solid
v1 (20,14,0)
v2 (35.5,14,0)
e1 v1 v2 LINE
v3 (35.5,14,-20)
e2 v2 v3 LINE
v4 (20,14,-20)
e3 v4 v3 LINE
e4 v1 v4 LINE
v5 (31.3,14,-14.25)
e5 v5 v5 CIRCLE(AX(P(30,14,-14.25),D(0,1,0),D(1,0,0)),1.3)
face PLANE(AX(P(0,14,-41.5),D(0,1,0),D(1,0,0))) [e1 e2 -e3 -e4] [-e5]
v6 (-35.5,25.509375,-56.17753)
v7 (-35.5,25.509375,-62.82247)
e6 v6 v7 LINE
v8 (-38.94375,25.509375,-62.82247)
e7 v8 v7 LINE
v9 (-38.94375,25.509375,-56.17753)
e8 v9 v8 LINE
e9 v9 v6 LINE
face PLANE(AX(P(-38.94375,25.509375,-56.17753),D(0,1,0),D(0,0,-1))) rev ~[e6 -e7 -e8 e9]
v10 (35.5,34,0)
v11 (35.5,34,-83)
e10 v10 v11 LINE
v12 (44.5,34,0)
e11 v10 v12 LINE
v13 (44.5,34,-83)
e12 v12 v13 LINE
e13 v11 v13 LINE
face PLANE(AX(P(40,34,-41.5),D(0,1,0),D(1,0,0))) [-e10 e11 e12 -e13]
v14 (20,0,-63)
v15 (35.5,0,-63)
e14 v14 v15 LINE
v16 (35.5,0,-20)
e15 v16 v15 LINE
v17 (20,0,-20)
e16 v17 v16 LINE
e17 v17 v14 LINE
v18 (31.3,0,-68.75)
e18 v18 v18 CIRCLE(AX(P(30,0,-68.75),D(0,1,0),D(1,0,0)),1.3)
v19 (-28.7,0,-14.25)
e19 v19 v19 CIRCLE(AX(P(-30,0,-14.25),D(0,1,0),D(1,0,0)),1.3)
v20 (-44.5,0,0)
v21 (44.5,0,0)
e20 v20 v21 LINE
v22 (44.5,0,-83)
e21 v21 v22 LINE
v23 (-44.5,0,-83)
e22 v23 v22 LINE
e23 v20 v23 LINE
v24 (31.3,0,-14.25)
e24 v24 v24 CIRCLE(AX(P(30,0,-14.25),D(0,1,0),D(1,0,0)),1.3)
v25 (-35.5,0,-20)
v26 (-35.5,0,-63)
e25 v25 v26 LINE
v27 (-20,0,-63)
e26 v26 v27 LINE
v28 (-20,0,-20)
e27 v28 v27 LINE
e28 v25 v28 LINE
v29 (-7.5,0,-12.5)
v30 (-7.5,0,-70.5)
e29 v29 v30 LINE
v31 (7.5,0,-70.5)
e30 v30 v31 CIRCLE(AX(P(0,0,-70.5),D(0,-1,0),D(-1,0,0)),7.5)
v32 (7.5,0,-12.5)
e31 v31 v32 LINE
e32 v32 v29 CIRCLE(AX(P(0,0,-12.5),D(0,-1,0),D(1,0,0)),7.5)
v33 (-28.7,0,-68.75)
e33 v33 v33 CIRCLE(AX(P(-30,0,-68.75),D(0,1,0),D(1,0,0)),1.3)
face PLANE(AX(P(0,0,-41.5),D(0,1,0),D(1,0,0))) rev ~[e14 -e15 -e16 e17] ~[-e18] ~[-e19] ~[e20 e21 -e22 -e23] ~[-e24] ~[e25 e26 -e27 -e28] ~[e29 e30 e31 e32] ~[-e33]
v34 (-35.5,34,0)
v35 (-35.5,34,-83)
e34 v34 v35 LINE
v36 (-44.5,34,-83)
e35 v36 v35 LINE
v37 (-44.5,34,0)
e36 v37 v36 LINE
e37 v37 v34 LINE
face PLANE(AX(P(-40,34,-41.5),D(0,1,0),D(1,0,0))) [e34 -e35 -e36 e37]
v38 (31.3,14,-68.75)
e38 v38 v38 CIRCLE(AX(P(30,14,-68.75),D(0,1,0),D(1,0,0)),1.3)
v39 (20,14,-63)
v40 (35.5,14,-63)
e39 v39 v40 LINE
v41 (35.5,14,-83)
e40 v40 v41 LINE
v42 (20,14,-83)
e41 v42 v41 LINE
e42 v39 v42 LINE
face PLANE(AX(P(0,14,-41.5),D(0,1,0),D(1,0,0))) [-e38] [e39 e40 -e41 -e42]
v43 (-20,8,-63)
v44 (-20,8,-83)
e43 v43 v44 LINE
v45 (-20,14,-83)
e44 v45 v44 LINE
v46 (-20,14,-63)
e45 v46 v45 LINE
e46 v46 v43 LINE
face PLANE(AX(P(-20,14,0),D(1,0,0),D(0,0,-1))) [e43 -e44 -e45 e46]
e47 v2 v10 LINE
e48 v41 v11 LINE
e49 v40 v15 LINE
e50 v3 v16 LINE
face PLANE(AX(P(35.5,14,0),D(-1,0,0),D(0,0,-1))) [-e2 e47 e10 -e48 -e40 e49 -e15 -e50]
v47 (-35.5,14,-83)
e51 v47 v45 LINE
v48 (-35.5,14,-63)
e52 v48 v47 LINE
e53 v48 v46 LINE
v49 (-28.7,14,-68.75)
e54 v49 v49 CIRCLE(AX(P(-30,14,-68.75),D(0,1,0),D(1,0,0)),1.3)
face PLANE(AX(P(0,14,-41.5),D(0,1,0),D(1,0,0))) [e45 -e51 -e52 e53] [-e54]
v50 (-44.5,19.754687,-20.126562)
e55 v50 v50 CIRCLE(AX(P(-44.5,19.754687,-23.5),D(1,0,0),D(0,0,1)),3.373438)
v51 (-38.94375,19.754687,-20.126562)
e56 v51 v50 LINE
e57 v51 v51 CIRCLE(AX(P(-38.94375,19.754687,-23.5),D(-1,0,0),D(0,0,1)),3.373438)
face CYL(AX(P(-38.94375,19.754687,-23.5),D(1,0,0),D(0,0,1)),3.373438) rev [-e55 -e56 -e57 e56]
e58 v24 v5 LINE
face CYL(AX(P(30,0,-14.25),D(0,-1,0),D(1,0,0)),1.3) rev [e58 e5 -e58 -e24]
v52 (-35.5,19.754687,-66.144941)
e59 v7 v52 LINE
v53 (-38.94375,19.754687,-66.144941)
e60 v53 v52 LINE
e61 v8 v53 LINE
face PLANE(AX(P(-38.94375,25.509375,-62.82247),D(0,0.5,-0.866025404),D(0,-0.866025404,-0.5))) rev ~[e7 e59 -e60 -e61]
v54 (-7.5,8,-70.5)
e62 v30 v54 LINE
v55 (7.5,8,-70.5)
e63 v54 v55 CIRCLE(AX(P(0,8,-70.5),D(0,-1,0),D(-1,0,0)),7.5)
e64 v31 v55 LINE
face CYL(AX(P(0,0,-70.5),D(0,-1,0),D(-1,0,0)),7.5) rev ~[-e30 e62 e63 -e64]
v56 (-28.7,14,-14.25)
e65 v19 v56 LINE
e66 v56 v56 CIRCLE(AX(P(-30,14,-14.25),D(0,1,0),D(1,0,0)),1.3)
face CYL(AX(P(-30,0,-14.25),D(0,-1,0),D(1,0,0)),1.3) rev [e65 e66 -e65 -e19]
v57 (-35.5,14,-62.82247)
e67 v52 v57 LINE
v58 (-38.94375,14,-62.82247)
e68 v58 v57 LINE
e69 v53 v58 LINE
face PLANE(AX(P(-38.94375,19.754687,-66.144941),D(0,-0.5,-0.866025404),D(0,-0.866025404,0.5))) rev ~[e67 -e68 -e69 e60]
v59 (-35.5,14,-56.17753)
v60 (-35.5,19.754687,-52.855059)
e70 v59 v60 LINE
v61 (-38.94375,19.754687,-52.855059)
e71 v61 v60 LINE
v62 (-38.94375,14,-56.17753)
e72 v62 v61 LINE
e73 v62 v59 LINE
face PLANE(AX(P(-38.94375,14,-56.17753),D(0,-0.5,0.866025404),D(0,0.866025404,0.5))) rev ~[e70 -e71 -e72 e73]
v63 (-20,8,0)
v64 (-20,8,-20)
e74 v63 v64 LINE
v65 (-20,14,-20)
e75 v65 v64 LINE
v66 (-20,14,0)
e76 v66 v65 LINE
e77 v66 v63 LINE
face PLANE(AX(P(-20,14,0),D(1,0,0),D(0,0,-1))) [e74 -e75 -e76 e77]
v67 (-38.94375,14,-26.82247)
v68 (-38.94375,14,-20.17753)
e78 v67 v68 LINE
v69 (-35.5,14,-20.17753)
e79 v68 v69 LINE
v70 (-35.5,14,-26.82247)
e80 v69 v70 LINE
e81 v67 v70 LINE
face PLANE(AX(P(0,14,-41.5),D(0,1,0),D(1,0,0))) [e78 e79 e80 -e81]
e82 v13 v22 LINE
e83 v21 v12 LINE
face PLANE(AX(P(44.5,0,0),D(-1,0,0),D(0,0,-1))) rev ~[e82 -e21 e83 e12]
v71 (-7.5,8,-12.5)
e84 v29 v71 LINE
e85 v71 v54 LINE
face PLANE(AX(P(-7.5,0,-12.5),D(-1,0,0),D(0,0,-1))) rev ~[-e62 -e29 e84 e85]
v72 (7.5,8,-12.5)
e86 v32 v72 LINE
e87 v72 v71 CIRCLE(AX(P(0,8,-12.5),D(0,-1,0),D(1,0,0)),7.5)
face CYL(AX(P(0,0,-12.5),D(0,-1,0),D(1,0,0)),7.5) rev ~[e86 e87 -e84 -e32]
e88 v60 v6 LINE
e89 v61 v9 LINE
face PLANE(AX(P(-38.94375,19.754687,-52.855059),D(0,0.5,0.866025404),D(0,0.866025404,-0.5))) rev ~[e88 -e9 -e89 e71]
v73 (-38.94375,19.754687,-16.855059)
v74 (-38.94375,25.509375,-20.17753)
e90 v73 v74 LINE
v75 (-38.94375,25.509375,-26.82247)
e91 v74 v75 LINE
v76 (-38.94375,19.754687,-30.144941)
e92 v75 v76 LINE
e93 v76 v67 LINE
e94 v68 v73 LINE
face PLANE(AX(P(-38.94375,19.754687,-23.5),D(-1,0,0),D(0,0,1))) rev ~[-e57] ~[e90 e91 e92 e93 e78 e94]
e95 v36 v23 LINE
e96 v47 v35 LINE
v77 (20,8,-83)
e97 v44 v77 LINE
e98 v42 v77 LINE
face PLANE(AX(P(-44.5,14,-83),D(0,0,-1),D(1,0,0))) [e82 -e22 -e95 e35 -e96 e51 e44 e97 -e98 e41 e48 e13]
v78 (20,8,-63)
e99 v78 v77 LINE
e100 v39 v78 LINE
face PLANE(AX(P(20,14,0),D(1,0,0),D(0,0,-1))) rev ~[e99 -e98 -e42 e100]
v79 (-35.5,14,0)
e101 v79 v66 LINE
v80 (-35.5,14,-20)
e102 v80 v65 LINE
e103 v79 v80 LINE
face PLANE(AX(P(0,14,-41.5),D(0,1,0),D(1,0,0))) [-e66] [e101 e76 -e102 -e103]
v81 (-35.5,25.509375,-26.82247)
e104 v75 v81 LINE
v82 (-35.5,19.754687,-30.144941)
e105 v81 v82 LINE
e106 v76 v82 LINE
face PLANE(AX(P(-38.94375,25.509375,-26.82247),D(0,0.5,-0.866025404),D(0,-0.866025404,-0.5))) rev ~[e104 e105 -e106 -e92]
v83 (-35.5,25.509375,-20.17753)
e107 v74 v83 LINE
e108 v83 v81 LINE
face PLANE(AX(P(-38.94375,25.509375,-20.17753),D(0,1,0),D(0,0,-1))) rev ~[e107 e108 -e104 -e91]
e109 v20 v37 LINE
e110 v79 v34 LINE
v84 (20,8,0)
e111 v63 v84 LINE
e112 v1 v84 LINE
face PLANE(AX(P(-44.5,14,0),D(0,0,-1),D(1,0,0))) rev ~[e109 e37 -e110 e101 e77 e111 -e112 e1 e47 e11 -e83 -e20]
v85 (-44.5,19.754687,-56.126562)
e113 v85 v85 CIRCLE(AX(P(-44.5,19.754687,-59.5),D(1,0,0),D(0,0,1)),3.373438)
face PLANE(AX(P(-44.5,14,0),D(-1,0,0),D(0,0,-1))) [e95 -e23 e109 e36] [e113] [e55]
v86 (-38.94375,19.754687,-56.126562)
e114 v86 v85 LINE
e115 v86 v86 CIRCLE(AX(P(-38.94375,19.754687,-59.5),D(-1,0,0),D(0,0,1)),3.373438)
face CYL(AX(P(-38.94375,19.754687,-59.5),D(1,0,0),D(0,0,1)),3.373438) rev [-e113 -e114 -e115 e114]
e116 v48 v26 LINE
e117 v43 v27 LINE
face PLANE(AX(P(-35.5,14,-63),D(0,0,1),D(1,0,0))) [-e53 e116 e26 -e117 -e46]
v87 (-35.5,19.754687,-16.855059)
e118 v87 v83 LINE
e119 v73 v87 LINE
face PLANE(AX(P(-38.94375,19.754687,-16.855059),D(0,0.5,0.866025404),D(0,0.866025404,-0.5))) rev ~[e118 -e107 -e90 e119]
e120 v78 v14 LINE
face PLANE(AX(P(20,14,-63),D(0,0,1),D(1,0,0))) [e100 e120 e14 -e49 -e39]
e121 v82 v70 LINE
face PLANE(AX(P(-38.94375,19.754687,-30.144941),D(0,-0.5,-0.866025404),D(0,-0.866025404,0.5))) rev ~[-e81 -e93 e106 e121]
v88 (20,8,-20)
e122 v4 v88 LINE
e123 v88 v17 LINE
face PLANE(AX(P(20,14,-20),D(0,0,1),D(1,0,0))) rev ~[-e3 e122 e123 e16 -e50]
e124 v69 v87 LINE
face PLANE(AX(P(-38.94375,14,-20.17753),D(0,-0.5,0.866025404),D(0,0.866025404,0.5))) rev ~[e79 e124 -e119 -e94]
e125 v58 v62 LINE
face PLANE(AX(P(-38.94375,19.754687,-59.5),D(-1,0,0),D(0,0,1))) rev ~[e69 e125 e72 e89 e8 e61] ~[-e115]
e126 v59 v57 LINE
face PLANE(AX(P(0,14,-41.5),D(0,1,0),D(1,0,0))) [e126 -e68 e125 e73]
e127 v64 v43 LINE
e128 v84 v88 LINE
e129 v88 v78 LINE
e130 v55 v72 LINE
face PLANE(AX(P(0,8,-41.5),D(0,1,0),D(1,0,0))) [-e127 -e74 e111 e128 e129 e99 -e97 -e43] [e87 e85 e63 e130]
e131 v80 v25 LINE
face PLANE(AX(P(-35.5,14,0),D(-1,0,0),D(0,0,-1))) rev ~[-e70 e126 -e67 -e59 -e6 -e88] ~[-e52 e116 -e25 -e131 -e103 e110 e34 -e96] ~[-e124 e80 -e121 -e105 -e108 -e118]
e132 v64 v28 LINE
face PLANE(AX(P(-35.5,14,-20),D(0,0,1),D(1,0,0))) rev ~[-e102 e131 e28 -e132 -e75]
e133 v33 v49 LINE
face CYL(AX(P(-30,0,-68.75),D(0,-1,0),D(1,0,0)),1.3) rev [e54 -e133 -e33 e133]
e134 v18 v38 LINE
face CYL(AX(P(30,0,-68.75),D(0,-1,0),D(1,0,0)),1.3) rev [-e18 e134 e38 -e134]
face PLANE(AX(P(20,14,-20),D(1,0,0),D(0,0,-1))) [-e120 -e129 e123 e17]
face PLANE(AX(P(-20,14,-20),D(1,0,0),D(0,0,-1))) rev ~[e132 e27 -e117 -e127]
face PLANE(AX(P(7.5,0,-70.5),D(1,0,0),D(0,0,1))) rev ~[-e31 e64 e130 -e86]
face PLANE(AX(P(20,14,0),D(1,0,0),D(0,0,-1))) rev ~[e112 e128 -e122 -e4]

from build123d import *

# Parameters (mm, degrees)
SKETCH1_W                = 89
SKETCH1_H                = 83
SKETCH1_R                = 1.3
MAIN_BODY_DEPTH          = 14
SKETCH2_W                = 40
SKETCH2_H                = 83
SCREW_GROOVE_DEPTH       = 6
SKETCH4_W                = 9
SKETCH4_H                = 83
MOUNT_LIFT_DEPTH         = 20
MOUNT_START              = -5.55625
MOUNT_NUTS_DEPTH         = 18.94375
F_9_32_MOUNT_HOLES_REACH = 7.556
SKETCH5_R                = 3.3734375
SKETCH8_W                = 15.5
SKETCH8_H                = 43
MIDDLE_CUT_DEPTH         = 14


with BuildPart() as part:
    # Sketch1 → Main Body (new body)
    with BuildSketch(Plane(origin=(0, 0, 0), x_dir=(1, 0, 0), z_dir=(0, 1, 0))):
        with Locations((0, 41.5)):
            Rectangle(SKETCH1_W, SKETCH1_H)
        with Locations((-30, 14.25)):
            Circle(SKETCH1_R, mode=Mode.SUBTRACT)
        with Locations((30, 14.25)):
            Circle(SKETCH1_R, mode=Mode.SUBTRACT)
        with BuildLine():
            Line((-7.5, 12.5), (-7.5, 70.5))
            ThreePointArc((-7.5, 70.5), (0, 78), (7.5, 70.5))
            Line((7.5, 70.5), (7.5, 12.5))
            ThreePointArc((7.5, 12.5), (0, 5), (-7.5, 12.5))
        make_face(mode=Mode.SUBTRACT)
        with Locations((-30, 68.75)):
            Circle(SKETCH1_R, mode=Mode.SUBTRACT)
        with Locations((30, 68.75)):
            Circle(SKETCH1_R, mode=Mode.SUBTRACT)
    extrude(amount=MAIN_BODY_DEPTH)

    # Sketch2 → Screw Groove (cut)
    with BuildSketch(Plane(origin=(0, 14, 0), x_dir=(1, 0, 0), z_dir=(0, 1, 0))):
        with Locations((0, 41.5)):
            Rectangle(SKETCH2_W, SKETCH2_H)
    extrude(amount=-SCREW_GROOVE_DEPTH, mode=Mode.SUBTRACT)

    # Sketch4 → Mount Lift (add)
    with BuildSketch(Plane(origin=(0, 14, 0), x_dir=(1, 0, 0), z_dir=(0, 1, 0))):
        with Locations((-40, 41.5)):
            Rectangle(SKETCH4_W, SKETCH4_H)
        with Locations((40, 41.5)):
            Rectangle(SKETCH4_W, SKETCH4_H)
    extrude(amount=MOUNT_LIFT_DEPTH)

    # Sketch6 → Mount Nuts (cut)
    with BuildSketch(Plane.ZY.offset(44.5).offset(MOUNT_START)):
        Polygon((-52.855059246, 19.7546875), (-56.177529623, 25.509375), (-62.822470377, 25.509375), (-66.144940754, 19.7546875), (-62.822470377, 14), (-56.177529623, 14), align=None)
        Polygon((-16.855059246, 19.7546875), (-20.177529623, 25.509375), (-26.822470377, 25.509375), (-30.144940754, 19.7546875), (-26.822470377, 14), (-20.177529623, 14), align=None)
    extrude(amount=-MOUNT_NUTS_DEPTH, mode=Mode.SUBTRACT)

    # Sketch5 → 9/32 Mount Holes (cut, up to next)
    with BuildSketch(Plane.ZY.offset(38.94375), mode=Mode.PRIVATE) as f_9_32_mount_holes_sk1:
        with Locations((-59.5, 19.7546875)):
            Circle(SKETCH5_R)
    f_9_32_mount_holes_tool1 = extrude(f_9_32_mount_holes_sk1.sketch, amount=F_9_32_MOUNT_HOLES_REACH, mode=Mode.PRIVATE) & part.part
    add(f_9_32_mount_holes_tool1.solids().sort_by_distance((-38.94375, 19.754688, -59.5))[0], mode=Mode.SUBTRACT)
    # Sketch5 → 9/32 Mount Holes (cut, up to next)
    with BuildSketch(Plane.ZY.offset(38.94375), mode=Mode.PRIVATE) as f_9_32_mount_holes_sk2:
        with Locations((-23.5, 19.7546875)):
            Circle(SKETCH5_R)
    f_9_32_mount_holes_tool2 = extrude(f_9_32_mount_holes_sk2.sketch, amount=F_9_32_MOUNT_HOLES_REACH, mode=Mode.PRIVATE) & part.part
    add(f_9_32_mount_holes_tool2.solids().sort_by_distance((-38.94375, 19.754688, -23.5))[0], mode=Mode.SUBTRACT)

    # Sketch8 → Middle Cut (cut)
    with BuildSketch(Plane(origin=(0, 14, 0), x_dir=(1, 0, 0), z_dir=(0, 1, 0))):
        with Locations((-27.75, 41.5)):
            Rectangle(SKETCH8_W, SKETCH8_H)
        with Locations((27.75, 41.5)):
            Rectangle(SKETCH8_W, SKETCH8_H)
    extrude(amount=-MIDDLE_CUT_DEPTH, mode=Mode.SUBTRACT)


solid = part.part
